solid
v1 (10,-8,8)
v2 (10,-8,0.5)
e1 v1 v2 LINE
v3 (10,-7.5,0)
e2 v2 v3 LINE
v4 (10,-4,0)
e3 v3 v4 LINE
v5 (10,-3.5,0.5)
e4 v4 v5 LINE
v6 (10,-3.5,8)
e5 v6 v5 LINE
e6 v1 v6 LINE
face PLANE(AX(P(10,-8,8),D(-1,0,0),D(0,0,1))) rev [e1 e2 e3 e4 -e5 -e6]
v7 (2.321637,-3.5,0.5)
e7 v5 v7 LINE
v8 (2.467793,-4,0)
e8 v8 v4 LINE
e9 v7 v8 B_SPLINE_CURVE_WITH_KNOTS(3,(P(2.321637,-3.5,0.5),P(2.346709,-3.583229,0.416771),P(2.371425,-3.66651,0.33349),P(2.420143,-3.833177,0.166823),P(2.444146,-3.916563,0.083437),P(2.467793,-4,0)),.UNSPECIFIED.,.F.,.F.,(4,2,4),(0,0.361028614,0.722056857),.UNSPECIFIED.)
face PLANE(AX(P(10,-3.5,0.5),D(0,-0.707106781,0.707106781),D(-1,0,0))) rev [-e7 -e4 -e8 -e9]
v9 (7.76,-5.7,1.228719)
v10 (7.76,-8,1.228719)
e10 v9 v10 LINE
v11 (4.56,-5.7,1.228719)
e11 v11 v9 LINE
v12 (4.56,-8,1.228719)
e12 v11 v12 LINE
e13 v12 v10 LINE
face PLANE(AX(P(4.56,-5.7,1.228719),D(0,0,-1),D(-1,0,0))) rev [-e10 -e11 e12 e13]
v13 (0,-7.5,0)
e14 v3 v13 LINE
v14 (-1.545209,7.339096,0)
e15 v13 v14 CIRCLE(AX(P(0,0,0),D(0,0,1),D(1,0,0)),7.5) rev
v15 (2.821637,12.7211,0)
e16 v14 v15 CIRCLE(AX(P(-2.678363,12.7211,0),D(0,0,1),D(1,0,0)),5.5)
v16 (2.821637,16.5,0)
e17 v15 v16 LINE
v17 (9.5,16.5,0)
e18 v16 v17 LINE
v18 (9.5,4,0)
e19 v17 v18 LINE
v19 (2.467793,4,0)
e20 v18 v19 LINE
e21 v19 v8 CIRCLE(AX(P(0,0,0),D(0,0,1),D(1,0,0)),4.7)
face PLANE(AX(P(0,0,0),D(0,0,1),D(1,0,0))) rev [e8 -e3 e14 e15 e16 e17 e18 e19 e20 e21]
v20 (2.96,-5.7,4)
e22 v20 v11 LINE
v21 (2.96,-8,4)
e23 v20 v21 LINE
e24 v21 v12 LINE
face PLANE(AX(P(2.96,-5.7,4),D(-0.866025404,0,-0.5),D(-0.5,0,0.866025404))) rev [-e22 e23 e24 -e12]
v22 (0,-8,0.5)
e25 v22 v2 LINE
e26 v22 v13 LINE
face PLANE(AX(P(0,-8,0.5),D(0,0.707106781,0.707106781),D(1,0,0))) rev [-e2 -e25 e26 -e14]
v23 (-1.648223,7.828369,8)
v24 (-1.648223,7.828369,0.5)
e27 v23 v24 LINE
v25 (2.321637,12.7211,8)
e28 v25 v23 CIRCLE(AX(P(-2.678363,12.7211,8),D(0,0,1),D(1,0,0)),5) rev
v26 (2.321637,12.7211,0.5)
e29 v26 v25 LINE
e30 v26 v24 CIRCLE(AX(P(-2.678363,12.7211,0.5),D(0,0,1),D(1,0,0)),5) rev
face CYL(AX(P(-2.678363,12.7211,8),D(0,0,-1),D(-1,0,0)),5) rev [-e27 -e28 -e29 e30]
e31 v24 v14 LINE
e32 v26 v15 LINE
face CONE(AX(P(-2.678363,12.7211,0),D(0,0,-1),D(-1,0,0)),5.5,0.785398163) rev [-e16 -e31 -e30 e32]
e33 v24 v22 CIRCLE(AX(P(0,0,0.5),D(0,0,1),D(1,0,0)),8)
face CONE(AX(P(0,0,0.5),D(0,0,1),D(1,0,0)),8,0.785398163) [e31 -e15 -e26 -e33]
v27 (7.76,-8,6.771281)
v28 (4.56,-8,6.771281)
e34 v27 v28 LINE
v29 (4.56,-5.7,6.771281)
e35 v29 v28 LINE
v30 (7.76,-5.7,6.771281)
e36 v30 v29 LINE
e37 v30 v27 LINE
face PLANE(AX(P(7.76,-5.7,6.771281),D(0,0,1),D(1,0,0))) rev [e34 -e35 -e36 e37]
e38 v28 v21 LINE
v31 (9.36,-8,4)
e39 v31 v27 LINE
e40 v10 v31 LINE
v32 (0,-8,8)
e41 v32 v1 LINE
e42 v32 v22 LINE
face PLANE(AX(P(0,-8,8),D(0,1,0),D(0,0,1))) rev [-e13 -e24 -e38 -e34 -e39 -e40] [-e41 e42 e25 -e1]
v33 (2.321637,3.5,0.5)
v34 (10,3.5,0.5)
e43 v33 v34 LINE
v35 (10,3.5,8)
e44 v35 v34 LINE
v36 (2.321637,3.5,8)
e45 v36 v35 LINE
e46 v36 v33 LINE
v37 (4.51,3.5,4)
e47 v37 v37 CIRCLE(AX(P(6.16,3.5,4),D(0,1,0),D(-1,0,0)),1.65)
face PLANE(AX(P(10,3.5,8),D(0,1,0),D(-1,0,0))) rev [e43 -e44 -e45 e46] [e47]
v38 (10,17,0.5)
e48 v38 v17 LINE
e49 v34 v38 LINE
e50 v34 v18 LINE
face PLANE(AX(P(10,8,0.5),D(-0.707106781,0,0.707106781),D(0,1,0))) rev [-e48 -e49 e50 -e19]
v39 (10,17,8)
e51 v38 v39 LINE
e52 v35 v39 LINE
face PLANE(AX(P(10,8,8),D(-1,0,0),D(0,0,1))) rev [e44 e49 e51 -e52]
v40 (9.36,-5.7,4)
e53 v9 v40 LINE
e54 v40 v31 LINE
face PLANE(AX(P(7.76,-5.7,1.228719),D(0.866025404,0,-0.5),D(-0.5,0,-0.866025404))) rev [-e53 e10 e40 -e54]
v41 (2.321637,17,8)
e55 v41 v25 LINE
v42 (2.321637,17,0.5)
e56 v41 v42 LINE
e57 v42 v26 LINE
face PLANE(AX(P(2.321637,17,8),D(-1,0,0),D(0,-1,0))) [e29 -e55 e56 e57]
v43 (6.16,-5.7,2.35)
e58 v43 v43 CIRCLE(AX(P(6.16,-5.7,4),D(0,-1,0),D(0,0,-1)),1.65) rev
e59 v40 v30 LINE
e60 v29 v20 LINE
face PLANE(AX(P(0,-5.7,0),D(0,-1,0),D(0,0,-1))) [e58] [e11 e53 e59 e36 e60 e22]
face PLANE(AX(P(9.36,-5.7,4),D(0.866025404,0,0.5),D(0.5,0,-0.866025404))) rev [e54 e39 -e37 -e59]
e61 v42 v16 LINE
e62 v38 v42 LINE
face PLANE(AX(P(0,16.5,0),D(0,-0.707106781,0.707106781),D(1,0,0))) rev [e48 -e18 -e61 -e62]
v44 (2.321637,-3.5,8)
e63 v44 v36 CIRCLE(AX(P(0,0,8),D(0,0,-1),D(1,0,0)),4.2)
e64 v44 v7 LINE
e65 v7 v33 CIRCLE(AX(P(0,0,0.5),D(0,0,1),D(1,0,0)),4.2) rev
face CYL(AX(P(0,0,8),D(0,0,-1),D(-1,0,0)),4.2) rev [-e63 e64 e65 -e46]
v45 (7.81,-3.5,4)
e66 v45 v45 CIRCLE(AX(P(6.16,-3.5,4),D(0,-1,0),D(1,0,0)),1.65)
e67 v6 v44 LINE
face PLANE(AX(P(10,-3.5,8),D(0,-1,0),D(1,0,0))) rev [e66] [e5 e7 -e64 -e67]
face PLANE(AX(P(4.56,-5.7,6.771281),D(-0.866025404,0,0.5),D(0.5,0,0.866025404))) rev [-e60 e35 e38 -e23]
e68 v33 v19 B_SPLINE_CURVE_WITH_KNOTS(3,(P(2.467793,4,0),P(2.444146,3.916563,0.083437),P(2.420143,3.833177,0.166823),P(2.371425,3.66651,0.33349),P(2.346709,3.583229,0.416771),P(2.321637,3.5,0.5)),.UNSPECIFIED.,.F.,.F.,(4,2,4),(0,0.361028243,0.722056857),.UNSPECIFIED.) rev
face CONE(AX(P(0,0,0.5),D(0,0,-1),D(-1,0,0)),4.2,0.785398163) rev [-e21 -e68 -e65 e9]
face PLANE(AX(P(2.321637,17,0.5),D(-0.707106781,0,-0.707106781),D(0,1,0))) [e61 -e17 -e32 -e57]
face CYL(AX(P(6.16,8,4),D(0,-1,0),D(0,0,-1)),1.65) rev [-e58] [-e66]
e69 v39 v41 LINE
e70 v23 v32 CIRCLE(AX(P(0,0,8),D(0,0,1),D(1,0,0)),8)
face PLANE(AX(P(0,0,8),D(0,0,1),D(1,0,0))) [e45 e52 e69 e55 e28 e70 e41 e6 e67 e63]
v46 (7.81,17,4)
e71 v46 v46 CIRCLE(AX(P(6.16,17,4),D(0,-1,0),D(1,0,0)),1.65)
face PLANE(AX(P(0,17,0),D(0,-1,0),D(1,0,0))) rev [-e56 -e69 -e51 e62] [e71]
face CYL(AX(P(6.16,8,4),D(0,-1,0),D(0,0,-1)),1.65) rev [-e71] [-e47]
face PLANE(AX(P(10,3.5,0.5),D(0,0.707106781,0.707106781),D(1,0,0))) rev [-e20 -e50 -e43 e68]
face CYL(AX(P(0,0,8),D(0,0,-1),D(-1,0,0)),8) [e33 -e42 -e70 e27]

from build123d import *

# Parameters (mm, degrees)
BOSS_EXTRUDE1_DEPTH = 8
SKETCH2_R           = 1.65
CUT_EXTRUDE1_DEPTH  = 21.493901532
CUT_EXTRUDE2_DEPTH  = 2.3
SKETCH4_W           = 7.678362647
SKETCH4_H           = 8
SKETCH4_R           = 1.65
BOSS_EXTRUDE2_DEPTH = 13.5
FILLET1_R           = 5
CHAMFER1_SIZE       = 0.5


with BuildPart() as part:
    # Sketch1 → Boss-Extrude1 (new body)
    with BuildSketch(Plane.XY):
        with BuildLine():
            Line((0, 8), (10, 8))
            Line((10, 8), (10, 3.5))
            Line((10, 3.5), (2.321637353, 3.5))
            ThreePointArc((2.321637353, 3.5), (-4.2, 0), (2.321637353, -3.5))
            Line((2.321637353, -3.5), (10, -3.5))
            Line((10, -3.5), (10, -8))
            Line((10, -8), (0, -8))
            ThreePointArc((0, -8), (-8, 0), (0, 8))
        make_face()
    extrude(amount=BOSS_EXTRUDE1_DEPTH)

    # Sketch2 → Cut-Extrude1 (cut, through all)
    with BuildSketch(Plane.XZ.offset(8)):
        with Locations(Location((6.16, 4, 0), (0, 0, 270))):
            Circle(SKETCH2_R)
    extrude(amount=-CUT_EXTRUDE1_DEPTH, mode=Mode.SUBTRACT)

    # Sketch3 → Cut-Extrude2 (cut)
    with BuildSketch(Plane.XZ.offset(8)):
        Polygon((7.76, 6.771281292), (4.56, 6.771281292), (2.96, 4), (4.56, 1.228718708), (7.76, 1.228718708), (9.36, 4), align=None)
    extrude(amount=-CUT_EXTRUDE2_DEPTH, mode=Mode.SUBTRACT)

    # Sketch4 → Boss-Extrude2 (add)
    with BuildSketch(Plane.XZ.offset(-3.5)):
        with Locations((6.160818676, 4)):
            Rectangle(SKETCH4_W, SKETCH4_H)
        with Locations(Location((6.16, 4, 0), (0, 0, 270))):
            Circle(SKETCH4_R, mode=Mode.SUBTRACT)
    extrude(amount=-BOSS_EXTRUDE2_DEPTH)

    # Fillet1
    fillet1_edges = [part.edges().sort_by_distance(p)[0] for p in [
        (2.321637353, 8, 4),
    ]]
    fillet(fillet1_edges, radius=FILLET1_R)

    # Chamfer1
    chamfer1_edges = [part.edges().sort_by_distance(p)[0] for p in [
        (5, -8, 0),
        (-7.956976548, -0.828567563, 0),
        (1.204335989, 9.570758083, 0),
        (2.321637353, 14.860549771, 0),
        (6.160818677, 17, 0),
        (10, 10.25, 0),
        (6.160818677, 3.5, 0),
        (6.160818677, -3.5, 0),
        (-4.2, 0, 0),
    ]]
    chamfer(chamfer1_edges, length=CHAMFER1_SIZE)


solid = part.part
